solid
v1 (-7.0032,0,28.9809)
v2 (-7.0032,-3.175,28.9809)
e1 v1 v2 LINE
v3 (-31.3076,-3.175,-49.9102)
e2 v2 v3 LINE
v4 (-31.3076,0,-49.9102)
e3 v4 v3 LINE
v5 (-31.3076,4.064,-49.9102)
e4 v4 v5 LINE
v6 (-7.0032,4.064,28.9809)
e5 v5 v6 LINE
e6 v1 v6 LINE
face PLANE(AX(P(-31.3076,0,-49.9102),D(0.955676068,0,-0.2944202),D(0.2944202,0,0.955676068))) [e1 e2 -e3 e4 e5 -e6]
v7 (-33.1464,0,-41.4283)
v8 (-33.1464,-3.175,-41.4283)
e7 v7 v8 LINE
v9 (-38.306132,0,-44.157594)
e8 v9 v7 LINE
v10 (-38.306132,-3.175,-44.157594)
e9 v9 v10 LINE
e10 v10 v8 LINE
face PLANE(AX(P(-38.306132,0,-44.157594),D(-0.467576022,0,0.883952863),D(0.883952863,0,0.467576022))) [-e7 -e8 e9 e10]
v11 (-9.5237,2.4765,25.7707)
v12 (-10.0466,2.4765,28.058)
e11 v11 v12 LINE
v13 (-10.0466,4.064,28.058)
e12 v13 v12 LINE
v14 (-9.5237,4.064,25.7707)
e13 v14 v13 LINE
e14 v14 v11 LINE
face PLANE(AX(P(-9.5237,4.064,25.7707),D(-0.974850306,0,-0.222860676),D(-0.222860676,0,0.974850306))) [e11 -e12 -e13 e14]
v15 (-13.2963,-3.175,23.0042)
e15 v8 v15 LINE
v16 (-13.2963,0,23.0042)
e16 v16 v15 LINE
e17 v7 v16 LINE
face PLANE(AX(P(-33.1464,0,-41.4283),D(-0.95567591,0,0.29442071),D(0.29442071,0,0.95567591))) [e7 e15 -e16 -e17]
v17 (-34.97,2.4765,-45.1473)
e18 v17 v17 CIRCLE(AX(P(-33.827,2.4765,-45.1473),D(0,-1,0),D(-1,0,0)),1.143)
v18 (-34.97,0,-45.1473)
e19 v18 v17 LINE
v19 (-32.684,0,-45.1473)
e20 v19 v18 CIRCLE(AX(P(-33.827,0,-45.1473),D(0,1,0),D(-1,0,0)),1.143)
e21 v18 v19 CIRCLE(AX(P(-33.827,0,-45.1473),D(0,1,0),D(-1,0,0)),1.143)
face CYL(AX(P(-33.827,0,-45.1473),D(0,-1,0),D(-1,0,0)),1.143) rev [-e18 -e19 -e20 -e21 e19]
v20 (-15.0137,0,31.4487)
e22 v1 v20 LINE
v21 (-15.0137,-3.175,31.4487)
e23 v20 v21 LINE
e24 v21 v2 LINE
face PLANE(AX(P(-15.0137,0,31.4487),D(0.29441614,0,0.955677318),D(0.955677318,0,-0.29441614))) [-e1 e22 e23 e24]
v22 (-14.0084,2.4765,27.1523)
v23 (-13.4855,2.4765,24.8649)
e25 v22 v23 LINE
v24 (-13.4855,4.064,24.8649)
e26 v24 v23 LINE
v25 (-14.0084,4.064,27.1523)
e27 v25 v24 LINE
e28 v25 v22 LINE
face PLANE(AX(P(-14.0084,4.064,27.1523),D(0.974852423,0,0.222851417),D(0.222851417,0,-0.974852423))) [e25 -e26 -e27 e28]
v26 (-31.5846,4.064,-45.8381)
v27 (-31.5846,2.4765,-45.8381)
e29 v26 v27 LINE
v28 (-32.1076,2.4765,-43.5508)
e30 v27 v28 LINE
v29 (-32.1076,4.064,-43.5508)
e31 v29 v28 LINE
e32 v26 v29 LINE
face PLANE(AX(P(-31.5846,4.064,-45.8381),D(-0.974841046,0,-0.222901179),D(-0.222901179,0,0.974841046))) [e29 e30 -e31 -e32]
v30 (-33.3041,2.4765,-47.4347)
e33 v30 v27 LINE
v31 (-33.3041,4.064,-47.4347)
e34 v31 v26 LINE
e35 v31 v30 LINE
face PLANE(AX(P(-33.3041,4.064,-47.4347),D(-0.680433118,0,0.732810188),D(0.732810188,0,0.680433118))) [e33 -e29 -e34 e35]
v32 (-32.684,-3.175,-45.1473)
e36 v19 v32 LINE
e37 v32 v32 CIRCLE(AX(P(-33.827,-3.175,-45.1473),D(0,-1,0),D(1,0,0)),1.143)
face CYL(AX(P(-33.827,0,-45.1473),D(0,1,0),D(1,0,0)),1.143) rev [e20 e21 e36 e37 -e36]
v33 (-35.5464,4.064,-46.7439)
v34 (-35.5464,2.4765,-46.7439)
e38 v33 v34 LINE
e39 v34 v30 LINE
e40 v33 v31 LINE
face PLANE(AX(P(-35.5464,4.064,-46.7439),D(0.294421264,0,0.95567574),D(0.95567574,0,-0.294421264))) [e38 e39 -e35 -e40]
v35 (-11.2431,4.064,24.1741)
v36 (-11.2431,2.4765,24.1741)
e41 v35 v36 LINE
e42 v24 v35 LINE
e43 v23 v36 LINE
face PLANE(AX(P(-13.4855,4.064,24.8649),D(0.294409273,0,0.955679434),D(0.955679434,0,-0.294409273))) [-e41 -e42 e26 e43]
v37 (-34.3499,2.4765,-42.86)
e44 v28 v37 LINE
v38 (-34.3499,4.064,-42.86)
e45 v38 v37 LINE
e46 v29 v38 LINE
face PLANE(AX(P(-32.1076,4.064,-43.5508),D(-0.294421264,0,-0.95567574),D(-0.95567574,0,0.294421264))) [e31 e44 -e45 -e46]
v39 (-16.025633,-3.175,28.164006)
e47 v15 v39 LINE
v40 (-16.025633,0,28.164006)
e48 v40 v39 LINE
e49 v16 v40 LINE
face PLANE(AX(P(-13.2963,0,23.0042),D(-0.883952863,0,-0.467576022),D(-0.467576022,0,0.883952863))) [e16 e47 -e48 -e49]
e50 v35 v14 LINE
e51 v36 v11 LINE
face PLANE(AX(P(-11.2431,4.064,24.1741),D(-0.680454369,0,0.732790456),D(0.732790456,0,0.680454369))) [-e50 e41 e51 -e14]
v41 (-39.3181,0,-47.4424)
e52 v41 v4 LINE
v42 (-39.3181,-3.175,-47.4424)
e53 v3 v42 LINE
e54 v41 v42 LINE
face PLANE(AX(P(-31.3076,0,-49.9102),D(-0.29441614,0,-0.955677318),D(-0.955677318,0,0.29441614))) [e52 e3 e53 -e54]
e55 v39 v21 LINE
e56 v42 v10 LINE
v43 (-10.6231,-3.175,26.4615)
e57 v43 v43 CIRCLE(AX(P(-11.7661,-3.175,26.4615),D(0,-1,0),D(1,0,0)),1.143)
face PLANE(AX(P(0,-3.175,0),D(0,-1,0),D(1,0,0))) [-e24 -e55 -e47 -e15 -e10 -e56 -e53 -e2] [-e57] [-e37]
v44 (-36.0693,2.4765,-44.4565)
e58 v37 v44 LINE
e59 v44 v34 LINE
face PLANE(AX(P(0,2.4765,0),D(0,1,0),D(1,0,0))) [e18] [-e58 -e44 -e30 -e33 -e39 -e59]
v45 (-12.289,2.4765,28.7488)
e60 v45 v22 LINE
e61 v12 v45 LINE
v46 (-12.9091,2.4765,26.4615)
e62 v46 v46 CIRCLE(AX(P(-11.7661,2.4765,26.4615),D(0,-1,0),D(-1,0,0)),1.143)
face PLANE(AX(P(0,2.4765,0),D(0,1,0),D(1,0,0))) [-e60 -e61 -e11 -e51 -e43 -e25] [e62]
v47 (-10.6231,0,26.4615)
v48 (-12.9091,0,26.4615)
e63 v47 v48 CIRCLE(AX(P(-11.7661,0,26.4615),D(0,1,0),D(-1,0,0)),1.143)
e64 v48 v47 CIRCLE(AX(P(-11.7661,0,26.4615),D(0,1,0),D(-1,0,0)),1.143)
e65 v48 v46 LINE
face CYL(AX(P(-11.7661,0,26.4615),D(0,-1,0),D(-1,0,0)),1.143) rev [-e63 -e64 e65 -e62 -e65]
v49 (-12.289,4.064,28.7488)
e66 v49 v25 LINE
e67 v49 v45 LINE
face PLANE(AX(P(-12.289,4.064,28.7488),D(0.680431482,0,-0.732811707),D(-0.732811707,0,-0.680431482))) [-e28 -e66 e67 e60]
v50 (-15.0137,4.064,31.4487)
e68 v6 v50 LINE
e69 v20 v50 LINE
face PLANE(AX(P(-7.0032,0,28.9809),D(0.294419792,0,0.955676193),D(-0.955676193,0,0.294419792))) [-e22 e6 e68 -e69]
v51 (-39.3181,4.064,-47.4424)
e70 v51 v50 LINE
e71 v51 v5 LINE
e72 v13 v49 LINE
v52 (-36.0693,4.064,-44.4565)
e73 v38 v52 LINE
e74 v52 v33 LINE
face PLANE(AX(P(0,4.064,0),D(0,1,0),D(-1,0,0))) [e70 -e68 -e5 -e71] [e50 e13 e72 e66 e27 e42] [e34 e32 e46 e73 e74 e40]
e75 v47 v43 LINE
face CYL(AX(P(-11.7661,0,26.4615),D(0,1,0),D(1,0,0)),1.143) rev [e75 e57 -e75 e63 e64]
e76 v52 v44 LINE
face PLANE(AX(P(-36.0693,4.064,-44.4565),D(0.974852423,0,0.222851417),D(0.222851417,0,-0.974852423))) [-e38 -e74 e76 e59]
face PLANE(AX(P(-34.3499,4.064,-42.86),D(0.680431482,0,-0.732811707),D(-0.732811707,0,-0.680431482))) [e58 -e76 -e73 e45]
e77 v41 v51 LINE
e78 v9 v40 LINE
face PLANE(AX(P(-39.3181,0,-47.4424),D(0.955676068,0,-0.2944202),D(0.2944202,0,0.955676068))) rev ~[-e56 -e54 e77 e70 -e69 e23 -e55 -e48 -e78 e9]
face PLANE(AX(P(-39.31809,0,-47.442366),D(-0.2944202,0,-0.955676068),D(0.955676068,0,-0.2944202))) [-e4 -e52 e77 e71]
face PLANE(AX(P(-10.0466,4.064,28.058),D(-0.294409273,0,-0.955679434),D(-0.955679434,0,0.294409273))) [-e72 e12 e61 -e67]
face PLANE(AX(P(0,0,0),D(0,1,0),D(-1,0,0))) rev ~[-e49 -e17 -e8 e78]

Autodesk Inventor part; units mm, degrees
ref_plane "YZ Plane" through (0, 0, 0) normal (1, 0, 0) x (0, 1, 0)
ref_plane "XZ Plane" through (0, 0, 0) normal (0, 1, 0) x (-1, 0, 0)
ref_plane "XY Plane" through (0, 0, 0) normal (0, 0, 1) x (1, 0, 0)
sketch "Sketch1" plane through (0, 0, 0) normal (0, 1, 0) x (-1, 0, 0)
  circle A0 centre (33.827, -45.1473) radius 1.143 projected
  circle A1 centre (11.7661, 26.4615) radius 1.143 projected
  line L0 (31.3076, -49.9102) -> (7.0032, 28.9809) projected
  line L1 (7.0032, 28.9809) -> (55.0834, 43.7932) projected
  line L2 (110.1987, -25.6058) -> (31.3076, -49.9102) projected
  line L3 (39.3181, -47.4424) -> (15.0137, 31.4487)
  line L4 (15.0137, 31.4487) -> (7.0032, 28.9809)
  line L5 (7.0032, 28.9809) -> (31.3076, -49.9102)
  point P0 (0, 0)
  point P1 (39.8036, -47.2928)
  point P2 (15.0137, 31.4487)
  dimension "d0" = 8.382
extrude "Extrusion1" add sketch "Sketch1" along normal blind 4.064
sketch "Sketch2" plane through (0, 0, 0) normal (0, -1, 0) x (1, 0, 0)
  line L0 (-13.8437, 22.9527) -> (-33.5699, -41.0776) projected
  line L1 (-16.4887, 27.953) -> (-13.8437, 22.9527) projected
  line L2 (-33.5699, -41.0776) -> (-38.5703, -43.7227) projected
  line L3 (-38.3328, -44.1717) -> (-33.1464, -41.4283)
  line L4 (-33.1464, -41.4283) -> (-13.2963, 23.0042)
  line L5 (-13.2963, 23.0042) -> (-16.0397, 28.1906)
  line L6 (-39.3181, -47.4424) -> (-15.0137, 31.4487) projected
  line L7 (-31.3076, -49.9102) -> (-39.3181, -47.4424) projected
  circle A0 centre (-11.7661, 26.4615) radius 1.143 projected
  circle A1 centre (-33.827, -45.1473) radius 1.143 projected
  line L8 (-7.0032, 28.9809) -> (-31.3076, -49.9102) projected
  line L9 (-15.0137, 31.4487) -> (-7.0032, 28.9809) projected
  point P0 (0, 0)
  point P1 (-37.7505, -43.8637)
  point P2 (-15.7317, 27.6083)
  point P3 (-16.0256, 28.164)
  point P4 (-38.3061, -44.1576)
  dimension "d3" = 0.508
extrude "Extrusion2" add sketch "Sketch2" along normal blind 3.175 contours L6 L9 L8 L7 L3 L4 L5
sketch "Sketch3" plane through (0, 4.064, 0) normal (0, 1, 0) x (1, 0, 0)
  circle A0 centre (-11.7661, -26.4615) radius 1.143 projected
  circle A1 centre (-33.827, 45.1473) radius 1.143 projected
  line L0 (-31.5846, 45.8381) -> (-32.1076, 43.5508)
  line L1 (-32.1076, 43.5508) -> (-34.3499, 42.86)
  line L2 (-34.3499, 42.86) -> (-36.0693, 44.4565)
  line L3 (-36.0693, 44.4565) -> (-35.5464, 46.7439)
  line L4 (-35.5464, 46.7439) -> (-33.3041, 47.4347)
  line L5 (-33.3041, 47.4347) -> (-31.5846, 45.8381)
  line L6 (-9.5237, -25.7707) -> (-10.0466, -28.058)
  line L7 (-10.0466, -28.058) -> (-12.289, -28.7488)
  line L8 (-12.289, -28.7488) -> (-14.0084, -27.1523)
  line L9 (-14.0084, -27.1523) -> (-13.4855, -24.8649)
  line L10 (-13.4855, -24.8649) -> (-11.2431, -24.1741)
  line L11 (-11.2431, -24.1741) -> (-9.5237, -25.7707)
  line L12 (-31.3076, 49.9102) -> (-39.3181, 47.4424) projected
  point P0 (0, 0)
  point P1 (-38.8933, 47.5732)
  dimension "d6" = 4.064
  dimension "d7" = 4.064
extrude "Extrusion3" cut sketch "Sketch3" against normal blind 1.5875 contours A0 | L0 L1 L2 L3 L4 L5 | L6 L7 L8 L9 L10 L11
properties part number "3010 MOUNT PLATE RETAINER"
